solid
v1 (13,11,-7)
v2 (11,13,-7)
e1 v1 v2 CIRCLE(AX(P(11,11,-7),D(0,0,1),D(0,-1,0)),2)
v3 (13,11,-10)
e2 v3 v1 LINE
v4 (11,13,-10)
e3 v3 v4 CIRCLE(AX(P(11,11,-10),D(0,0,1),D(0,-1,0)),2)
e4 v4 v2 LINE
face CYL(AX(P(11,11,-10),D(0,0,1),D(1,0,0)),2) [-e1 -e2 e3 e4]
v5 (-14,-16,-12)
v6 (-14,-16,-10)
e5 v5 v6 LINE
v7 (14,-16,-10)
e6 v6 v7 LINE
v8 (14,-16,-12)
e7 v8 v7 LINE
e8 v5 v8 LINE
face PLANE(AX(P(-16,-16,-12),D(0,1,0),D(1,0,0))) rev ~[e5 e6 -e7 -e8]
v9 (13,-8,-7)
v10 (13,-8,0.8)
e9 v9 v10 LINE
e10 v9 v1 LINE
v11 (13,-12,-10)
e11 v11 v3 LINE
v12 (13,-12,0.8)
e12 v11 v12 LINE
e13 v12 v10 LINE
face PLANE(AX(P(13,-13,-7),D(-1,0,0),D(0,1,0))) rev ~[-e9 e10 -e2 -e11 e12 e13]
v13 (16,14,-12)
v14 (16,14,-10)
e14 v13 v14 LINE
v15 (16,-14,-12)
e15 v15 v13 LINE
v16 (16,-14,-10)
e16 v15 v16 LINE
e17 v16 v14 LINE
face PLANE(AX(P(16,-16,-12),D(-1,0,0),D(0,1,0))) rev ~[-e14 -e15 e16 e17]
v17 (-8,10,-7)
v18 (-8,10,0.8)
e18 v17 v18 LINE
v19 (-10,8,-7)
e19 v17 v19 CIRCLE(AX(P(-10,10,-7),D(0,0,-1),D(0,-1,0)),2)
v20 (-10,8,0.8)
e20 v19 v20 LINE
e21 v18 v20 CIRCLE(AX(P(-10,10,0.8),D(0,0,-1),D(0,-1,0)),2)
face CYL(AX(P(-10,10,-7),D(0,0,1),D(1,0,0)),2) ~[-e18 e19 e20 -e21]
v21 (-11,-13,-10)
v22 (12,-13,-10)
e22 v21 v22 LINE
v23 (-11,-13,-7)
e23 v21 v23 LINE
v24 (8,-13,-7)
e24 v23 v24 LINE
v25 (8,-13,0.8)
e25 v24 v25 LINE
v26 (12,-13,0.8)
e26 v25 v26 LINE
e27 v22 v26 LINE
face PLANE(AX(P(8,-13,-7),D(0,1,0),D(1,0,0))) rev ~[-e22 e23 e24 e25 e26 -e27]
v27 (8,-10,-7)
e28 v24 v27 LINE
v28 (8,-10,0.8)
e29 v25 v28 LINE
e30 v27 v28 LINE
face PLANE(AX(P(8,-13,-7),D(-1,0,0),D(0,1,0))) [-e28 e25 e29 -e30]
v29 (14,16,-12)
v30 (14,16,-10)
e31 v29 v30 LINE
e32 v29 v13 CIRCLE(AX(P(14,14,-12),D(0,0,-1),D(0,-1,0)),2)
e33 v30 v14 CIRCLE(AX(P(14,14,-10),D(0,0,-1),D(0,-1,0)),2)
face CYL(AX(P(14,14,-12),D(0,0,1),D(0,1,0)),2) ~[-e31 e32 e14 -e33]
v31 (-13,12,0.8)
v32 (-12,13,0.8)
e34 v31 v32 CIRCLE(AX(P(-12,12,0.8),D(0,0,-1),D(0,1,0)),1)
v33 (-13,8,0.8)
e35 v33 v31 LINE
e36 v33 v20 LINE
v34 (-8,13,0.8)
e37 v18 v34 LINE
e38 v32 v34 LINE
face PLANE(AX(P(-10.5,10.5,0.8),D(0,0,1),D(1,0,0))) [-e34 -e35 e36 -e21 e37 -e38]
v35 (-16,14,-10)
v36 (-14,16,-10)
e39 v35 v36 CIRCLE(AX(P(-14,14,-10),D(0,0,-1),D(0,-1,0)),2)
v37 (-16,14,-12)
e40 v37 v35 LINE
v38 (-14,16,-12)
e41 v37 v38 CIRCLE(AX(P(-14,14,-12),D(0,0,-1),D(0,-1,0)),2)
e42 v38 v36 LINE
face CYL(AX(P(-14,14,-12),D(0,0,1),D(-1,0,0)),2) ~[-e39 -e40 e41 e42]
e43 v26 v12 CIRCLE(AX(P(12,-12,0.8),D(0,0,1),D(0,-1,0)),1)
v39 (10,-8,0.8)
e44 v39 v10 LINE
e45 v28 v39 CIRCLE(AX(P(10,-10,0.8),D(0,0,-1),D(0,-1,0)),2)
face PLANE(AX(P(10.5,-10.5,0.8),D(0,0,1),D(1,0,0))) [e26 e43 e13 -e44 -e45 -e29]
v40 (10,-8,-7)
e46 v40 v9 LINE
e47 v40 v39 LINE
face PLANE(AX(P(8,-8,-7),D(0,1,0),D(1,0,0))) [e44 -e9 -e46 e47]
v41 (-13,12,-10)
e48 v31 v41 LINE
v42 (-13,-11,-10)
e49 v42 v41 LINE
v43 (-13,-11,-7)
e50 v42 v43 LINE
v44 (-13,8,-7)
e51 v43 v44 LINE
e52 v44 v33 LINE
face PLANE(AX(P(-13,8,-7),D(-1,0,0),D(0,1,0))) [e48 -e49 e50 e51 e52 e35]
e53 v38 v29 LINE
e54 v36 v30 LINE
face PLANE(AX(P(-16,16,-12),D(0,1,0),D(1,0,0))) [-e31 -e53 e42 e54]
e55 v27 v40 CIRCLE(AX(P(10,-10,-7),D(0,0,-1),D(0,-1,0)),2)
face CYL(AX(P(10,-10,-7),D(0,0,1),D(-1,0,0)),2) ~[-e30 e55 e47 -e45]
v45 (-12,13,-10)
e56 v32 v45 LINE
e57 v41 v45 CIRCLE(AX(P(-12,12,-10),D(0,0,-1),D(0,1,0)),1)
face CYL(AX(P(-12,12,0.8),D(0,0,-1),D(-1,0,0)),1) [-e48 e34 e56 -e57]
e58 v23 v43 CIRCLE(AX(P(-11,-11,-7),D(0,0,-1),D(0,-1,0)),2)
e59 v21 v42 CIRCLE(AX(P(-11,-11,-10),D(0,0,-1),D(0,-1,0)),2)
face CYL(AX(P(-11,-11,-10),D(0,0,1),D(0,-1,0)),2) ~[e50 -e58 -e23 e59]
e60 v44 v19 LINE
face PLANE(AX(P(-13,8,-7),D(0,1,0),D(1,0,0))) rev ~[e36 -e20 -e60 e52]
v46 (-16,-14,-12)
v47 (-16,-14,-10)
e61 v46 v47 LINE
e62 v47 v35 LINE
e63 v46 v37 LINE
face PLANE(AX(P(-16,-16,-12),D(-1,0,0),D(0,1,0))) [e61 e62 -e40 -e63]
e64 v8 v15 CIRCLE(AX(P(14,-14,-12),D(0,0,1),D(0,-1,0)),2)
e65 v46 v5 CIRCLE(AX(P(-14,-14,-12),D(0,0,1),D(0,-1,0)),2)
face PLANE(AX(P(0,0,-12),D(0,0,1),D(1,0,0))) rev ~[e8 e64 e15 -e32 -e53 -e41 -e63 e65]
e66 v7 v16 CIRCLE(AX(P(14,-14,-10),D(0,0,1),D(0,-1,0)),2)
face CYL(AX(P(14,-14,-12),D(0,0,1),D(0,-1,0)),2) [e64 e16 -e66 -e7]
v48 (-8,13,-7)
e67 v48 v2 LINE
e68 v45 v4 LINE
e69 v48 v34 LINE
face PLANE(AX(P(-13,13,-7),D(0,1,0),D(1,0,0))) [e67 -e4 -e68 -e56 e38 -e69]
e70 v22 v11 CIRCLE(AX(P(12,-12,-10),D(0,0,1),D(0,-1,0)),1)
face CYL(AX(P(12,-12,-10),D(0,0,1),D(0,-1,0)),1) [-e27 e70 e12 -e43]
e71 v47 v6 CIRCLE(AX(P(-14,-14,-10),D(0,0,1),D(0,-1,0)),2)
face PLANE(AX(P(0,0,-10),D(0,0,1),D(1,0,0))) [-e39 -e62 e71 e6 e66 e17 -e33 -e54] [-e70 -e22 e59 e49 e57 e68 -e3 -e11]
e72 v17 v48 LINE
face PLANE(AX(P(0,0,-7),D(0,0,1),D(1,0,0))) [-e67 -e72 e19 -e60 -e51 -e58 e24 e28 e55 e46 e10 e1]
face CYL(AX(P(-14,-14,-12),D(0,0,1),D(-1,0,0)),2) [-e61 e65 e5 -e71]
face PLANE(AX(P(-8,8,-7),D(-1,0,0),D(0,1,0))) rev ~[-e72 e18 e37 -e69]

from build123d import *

# Parameters (mm, degrees)
BOX013_W     = 26
BOX013_H     = 26
BOX013_DEPTH = 3
BOX014_W     = 5
BOX014_H     = 5
BOX014_DEPTH = 7.8
BOX015_W     = 5
BOX015_H     = 5
BOX015_DEPTH = 7.8
BOX012_W     = 32
BOX012_H     = 32
BOX012_DEPTH = 2
FILLET_R     = 2
FILLET001_R  = 1
FILLET002_R  = 2


with BuildPart() as kapakic:
    # Box013 → Box013 (new body)
    with BuildSketch(Plane(origin=(-13, -13, -10), x_dir=(1, 0, 0), z_dir=(0, 0, 1))):
        with Locations((13, 13)):
            Rectangle(BOX013_W, BOX013_H)
    extrude(amount=BOX013_DEPTH)


with BuildPart() as kapakcikinti1:
    # Box014 → Box014 (new body)
    with BuildSketch(Plane(origin=(-13, 8, -7), x_dir=(1, 0, 0), z_dir=(0, 0, 1))):
        with Locations((2.5, 2.5)):
            Rectangle(BOX014_W, BOX014_H)
    extrude(amount=BOX014_DEPTH)


with BuildPart() as kapakcikinti2:
    # Box015 → Box015 (new body)
    with BuildSketch(Plane(origin=(8, -13, -7), x_dir=(1, 0, 0), z_dir=(0, 0, 1))):
        with Locations((2.5, 2.5)):
            Rectangle(BOX015_W, BOX015_H)
    extrude(amount=BOX015_DEPTH)


with BuildPart() as fillet002:
    # Box012 → Box012 (new body)
    with BuildSketch(Plane(origin=(-16, -16, -12), x_dir=(1, 0, 0), z_dir=(0, 0, 1))):
        with Locations((16, 16)):
            Rectangle(BOX012_W, BOX012_H)
    extrude(amount=BOX012_DEPTH)

    # Fusion001: union KapakIc, KapakCikinti1, KapakCikinti2
    add(kapakic.part)
    add(kapakcikinti1.part)
    add(kapakcikinti2.part)

    # Fillet
    fillet_edges = [fillet002.edges().sort_by_distance(p)[0] for p in [
        (-8, 8, -3.1),
        (8, -8, -3.1),
    ]]
    fillet(fillet_edges, radius=FILLET_R)

    # Fillet001
    fillet001_edges = [fillet002.edges().sort_by_distance(p)[0] for p in [
        (-13, 13, -3.1),
        (13, -13, -3.1),
    ]]
    fillet(fillet001_edges, radius=FILLET001_R)

    # Fillet002
    fillet002_edges = [fillet002.edges().sort_by_distance(p)[0] for p in [
        (-13, -13, -8.5),
        (13, 13, -8.5),
        (-16, -16, -11),
        (-16, 16, -11),
        (16, 16, -11),
        (16, -16, -11),
    ]]
    fillet(fillet002_edges, radius=FILLET002_R)


solid = fillet002.part
